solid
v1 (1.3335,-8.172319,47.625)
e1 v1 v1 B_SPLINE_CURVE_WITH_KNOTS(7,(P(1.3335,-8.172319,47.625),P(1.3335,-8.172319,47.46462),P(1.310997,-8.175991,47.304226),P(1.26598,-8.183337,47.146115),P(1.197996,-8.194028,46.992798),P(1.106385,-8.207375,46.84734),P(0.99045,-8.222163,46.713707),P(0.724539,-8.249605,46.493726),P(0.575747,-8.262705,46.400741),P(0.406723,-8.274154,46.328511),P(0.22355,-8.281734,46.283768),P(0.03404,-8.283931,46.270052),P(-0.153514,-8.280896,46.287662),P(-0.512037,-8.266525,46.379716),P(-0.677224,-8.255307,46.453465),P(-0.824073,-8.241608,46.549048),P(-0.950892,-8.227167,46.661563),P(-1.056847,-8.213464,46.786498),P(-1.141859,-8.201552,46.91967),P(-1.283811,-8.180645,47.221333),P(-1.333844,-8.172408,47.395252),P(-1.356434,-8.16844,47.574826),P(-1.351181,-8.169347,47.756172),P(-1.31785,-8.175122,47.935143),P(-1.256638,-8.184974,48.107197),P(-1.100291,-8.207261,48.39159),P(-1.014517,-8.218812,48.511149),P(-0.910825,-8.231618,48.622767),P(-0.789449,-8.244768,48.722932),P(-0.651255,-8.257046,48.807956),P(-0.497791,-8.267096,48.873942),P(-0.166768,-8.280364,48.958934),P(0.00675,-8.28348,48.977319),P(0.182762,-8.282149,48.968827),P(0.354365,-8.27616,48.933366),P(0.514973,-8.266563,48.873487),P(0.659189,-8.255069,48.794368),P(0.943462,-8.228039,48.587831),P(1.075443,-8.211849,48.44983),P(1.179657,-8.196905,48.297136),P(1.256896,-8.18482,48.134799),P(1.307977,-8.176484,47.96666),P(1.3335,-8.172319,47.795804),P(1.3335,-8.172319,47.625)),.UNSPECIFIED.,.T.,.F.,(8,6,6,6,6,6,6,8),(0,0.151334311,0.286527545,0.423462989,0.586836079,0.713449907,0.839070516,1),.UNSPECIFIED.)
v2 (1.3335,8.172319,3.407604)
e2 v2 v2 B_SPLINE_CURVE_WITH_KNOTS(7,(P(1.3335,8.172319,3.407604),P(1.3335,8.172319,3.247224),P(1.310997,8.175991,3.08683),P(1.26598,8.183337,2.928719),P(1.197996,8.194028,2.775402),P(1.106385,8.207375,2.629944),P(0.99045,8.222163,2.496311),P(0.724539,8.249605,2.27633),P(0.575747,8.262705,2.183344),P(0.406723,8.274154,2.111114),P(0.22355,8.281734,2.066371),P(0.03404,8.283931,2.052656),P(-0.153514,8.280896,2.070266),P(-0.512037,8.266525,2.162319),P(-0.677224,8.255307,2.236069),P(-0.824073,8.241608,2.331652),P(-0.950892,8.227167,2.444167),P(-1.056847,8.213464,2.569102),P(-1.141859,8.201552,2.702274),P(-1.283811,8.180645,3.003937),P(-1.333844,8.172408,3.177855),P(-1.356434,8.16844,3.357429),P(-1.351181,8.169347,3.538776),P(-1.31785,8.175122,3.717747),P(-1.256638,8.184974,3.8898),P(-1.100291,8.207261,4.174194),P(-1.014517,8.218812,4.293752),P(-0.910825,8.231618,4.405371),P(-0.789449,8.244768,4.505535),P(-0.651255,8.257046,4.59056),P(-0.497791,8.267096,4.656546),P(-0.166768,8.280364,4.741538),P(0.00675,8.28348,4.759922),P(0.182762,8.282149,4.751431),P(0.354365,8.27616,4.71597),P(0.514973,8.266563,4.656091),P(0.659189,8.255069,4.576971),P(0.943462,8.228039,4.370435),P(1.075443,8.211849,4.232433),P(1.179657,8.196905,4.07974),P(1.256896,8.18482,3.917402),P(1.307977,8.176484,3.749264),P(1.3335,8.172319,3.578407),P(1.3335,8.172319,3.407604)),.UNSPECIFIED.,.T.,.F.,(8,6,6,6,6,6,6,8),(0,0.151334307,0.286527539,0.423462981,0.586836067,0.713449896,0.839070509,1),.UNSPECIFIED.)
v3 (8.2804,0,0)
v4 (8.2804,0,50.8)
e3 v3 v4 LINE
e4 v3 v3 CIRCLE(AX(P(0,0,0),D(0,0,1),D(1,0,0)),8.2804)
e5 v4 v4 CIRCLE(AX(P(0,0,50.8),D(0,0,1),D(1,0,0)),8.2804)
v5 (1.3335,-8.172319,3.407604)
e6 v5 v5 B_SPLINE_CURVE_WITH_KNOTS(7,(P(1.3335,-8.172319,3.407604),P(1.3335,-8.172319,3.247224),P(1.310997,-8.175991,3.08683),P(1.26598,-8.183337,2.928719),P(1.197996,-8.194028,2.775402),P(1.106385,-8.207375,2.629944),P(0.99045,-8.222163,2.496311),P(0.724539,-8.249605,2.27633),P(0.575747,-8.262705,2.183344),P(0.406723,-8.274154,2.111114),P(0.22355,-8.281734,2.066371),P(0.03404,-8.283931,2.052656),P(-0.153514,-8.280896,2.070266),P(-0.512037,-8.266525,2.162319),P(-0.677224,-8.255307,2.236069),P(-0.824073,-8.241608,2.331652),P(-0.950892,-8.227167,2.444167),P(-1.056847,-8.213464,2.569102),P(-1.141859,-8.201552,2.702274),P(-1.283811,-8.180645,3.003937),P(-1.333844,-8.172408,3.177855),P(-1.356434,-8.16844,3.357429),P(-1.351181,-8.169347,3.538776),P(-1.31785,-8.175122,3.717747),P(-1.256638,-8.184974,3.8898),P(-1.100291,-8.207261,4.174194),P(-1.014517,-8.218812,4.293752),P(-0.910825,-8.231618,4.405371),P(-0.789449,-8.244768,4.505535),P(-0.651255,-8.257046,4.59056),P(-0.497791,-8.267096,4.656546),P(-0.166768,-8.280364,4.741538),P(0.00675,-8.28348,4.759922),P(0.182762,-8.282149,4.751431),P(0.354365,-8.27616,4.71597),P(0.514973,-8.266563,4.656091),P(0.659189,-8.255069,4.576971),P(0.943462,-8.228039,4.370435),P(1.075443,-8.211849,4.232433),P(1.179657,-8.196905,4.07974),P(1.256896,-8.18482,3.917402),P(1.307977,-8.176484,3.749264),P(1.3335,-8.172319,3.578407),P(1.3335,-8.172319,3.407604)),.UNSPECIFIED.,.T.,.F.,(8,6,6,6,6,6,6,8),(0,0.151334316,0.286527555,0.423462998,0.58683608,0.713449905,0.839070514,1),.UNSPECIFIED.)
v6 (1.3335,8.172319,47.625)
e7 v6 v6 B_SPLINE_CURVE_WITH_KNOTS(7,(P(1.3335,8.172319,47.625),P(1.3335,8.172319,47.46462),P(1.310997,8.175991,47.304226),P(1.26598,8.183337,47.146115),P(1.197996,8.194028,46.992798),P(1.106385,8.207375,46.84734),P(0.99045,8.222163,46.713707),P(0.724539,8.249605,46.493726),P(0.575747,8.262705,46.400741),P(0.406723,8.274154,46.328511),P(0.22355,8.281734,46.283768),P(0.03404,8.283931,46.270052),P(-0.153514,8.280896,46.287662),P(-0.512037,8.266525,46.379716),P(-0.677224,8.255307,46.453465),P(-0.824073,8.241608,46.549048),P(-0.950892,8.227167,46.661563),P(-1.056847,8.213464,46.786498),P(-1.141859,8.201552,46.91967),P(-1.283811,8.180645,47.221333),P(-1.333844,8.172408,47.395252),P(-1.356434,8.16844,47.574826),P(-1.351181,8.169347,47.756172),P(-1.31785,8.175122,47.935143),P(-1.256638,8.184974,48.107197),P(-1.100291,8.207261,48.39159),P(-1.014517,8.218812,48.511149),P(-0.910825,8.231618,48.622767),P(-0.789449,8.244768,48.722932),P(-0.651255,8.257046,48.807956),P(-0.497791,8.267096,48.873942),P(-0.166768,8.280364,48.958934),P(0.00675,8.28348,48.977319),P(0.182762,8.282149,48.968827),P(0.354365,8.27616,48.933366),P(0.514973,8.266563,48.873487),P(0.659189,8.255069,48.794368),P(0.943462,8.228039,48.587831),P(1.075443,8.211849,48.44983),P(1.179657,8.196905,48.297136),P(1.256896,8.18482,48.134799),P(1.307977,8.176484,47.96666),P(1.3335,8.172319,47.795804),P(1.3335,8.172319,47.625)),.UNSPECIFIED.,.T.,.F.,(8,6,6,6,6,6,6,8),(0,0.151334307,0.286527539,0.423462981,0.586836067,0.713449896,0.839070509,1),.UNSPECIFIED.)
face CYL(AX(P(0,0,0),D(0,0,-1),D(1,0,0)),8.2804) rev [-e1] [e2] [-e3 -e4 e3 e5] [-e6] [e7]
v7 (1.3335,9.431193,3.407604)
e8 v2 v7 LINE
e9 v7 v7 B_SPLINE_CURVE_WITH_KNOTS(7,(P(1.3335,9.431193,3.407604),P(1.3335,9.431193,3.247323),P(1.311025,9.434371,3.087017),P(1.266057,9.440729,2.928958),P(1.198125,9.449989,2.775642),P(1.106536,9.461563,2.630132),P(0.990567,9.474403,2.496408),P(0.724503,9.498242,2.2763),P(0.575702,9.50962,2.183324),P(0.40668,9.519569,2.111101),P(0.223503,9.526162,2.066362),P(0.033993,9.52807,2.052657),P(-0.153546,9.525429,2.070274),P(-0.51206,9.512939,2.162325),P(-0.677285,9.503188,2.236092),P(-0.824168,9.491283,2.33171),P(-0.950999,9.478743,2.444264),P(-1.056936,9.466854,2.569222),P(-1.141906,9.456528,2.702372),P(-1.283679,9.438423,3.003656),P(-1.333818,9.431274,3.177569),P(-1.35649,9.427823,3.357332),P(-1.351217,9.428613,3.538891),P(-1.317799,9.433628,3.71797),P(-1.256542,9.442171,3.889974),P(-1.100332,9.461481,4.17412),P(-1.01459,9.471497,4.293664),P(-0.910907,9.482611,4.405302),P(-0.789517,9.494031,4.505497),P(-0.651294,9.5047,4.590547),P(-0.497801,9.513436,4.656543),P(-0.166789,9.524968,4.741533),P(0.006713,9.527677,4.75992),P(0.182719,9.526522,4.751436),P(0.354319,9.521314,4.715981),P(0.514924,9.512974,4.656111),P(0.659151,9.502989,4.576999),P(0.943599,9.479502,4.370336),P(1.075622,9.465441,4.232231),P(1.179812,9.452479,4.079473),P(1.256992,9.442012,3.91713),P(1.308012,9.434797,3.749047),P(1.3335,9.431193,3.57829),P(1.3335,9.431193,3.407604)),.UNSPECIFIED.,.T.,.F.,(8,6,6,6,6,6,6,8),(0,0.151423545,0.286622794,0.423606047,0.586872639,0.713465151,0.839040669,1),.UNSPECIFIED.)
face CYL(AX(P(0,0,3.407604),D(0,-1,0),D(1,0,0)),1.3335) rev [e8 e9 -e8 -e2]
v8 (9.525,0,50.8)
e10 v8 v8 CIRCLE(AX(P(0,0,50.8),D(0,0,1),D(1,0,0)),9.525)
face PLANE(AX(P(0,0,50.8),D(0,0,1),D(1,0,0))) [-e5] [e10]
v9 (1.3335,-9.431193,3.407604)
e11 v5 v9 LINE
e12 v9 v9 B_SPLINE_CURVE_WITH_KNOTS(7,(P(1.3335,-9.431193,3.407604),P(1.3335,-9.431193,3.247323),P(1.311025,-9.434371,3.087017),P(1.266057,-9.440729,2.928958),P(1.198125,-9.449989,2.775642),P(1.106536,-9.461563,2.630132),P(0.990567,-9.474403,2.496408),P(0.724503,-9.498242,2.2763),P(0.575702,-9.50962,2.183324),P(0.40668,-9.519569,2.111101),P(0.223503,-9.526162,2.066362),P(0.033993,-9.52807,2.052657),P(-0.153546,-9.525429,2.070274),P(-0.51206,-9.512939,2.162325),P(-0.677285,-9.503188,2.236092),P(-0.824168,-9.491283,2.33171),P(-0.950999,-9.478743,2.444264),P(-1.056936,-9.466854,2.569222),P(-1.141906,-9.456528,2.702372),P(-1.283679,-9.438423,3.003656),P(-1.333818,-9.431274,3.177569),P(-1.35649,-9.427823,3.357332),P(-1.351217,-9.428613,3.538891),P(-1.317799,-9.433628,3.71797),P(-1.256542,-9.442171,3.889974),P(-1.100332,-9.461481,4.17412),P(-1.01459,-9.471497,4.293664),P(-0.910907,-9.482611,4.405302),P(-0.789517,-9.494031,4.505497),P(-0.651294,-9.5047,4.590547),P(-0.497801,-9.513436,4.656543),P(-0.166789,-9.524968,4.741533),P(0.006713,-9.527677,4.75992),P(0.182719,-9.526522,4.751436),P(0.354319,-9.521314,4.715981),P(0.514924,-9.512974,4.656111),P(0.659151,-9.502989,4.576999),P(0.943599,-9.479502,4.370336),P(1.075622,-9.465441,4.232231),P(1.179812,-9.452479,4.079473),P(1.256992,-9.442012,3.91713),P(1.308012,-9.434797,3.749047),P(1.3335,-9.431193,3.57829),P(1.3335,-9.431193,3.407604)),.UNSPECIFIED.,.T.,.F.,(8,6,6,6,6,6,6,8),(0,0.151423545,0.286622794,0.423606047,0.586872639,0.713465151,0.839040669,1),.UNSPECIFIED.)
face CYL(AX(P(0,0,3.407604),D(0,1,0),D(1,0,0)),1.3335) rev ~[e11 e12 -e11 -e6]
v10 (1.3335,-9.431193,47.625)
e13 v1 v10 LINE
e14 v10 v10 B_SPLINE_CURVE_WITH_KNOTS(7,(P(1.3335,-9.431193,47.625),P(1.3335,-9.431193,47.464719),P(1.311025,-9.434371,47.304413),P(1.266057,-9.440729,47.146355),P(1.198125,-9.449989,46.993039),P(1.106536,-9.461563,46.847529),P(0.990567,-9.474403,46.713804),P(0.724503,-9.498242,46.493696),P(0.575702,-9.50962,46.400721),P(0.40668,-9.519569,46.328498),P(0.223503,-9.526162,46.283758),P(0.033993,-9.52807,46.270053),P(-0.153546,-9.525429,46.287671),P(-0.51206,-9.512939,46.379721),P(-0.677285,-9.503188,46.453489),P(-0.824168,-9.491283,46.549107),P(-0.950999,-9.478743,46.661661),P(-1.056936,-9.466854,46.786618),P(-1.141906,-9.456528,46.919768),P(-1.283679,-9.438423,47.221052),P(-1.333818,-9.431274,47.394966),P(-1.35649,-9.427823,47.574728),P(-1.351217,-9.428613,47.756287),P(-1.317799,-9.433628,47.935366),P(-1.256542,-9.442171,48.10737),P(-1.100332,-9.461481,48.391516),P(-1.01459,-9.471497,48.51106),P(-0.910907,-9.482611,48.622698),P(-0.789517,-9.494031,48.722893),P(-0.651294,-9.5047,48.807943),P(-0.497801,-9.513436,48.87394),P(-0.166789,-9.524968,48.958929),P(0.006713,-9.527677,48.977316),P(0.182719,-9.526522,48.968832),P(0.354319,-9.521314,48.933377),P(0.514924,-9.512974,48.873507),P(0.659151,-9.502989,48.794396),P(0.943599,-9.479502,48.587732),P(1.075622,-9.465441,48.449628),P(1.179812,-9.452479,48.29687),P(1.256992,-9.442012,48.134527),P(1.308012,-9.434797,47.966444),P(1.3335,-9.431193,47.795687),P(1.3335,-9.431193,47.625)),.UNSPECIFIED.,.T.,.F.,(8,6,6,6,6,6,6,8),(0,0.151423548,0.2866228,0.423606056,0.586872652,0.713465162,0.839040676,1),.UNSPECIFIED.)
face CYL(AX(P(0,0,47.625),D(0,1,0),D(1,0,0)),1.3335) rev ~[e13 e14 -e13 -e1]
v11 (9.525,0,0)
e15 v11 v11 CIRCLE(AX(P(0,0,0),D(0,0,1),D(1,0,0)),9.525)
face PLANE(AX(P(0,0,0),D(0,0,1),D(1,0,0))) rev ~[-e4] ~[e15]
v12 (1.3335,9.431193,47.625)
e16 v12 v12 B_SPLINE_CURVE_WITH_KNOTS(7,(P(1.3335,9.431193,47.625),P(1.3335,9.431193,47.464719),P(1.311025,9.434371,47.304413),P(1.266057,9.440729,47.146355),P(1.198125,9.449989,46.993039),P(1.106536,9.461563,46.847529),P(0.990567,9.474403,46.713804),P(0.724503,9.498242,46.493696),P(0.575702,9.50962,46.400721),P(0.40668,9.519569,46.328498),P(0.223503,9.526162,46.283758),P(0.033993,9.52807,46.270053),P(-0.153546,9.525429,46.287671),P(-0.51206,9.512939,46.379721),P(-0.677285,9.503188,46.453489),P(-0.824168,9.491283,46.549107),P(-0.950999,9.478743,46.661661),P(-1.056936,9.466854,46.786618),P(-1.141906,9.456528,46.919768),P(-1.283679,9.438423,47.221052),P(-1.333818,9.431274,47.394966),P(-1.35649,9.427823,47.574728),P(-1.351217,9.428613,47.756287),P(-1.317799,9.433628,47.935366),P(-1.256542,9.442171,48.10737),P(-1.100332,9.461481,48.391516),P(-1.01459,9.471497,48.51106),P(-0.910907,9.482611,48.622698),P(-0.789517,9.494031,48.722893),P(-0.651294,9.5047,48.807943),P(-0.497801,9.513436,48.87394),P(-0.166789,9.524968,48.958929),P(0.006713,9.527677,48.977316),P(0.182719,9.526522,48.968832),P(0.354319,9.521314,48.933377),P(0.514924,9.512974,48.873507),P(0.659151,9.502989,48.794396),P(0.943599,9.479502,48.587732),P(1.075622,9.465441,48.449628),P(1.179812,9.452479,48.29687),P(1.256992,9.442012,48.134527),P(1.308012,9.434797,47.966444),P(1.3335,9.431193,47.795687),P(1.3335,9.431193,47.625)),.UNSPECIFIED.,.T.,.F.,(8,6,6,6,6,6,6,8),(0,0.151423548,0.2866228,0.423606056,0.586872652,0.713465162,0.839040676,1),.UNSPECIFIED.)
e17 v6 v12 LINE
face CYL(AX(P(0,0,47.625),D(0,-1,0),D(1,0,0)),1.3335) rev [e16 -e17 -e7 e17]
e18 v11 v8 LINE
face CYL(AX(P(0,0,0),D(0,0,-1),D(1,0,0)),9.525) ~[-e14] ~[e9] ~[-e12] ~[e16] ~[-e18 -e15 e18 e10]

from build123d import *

# Parameters (mm, degrees)
SKETCH1_R               = 9.525
SKETCH1_R_2             = 8.2804
BOSS_EXTRUDE1_DEPTH     = 50.8
SKETCH2_R               = 1.3335
CUT_EXTRUDE1_DEPTH      = 10.525
CUT_EXTRUDE1_DEPTH_BACK = 10.525


with BuildPart() as part:
    # Sketch1 → Boss-Extrude1 (new body)
    with BuildSketch(Plane.XY):
        Circle(SKETCH1_R)
        Circle(SKETCH1_R_2, mode=Mode.SUBTRACT)
    extrude(amount=BOSS_EXTRUDE1_DEPTH)

    # Sketch2 → Cut-Extrude1 (cut, two sides)
    with BuildSketch(Plane(origin=(0, 0, 0), x_dir=(1, 0, 0), z_dir=(0, 1, 0))) as cut_extrude1_sk:
        with Locations((0, -47.625)):
            Circle(SKETCH2_R)
        with Locations((0, -3.407603683)):
            Circle(SKETCH2_R)
    extrude(amount=CUT_EXTRUDE1_DEPTH, mode=Mode.SUBTRACT)
    extrude(cut_extrude1_sk.sketch, amount=-CUT_EXTRUDE1_DEPTH_BACK, mode=Mode.SUBTRACT)


solid = part.part
